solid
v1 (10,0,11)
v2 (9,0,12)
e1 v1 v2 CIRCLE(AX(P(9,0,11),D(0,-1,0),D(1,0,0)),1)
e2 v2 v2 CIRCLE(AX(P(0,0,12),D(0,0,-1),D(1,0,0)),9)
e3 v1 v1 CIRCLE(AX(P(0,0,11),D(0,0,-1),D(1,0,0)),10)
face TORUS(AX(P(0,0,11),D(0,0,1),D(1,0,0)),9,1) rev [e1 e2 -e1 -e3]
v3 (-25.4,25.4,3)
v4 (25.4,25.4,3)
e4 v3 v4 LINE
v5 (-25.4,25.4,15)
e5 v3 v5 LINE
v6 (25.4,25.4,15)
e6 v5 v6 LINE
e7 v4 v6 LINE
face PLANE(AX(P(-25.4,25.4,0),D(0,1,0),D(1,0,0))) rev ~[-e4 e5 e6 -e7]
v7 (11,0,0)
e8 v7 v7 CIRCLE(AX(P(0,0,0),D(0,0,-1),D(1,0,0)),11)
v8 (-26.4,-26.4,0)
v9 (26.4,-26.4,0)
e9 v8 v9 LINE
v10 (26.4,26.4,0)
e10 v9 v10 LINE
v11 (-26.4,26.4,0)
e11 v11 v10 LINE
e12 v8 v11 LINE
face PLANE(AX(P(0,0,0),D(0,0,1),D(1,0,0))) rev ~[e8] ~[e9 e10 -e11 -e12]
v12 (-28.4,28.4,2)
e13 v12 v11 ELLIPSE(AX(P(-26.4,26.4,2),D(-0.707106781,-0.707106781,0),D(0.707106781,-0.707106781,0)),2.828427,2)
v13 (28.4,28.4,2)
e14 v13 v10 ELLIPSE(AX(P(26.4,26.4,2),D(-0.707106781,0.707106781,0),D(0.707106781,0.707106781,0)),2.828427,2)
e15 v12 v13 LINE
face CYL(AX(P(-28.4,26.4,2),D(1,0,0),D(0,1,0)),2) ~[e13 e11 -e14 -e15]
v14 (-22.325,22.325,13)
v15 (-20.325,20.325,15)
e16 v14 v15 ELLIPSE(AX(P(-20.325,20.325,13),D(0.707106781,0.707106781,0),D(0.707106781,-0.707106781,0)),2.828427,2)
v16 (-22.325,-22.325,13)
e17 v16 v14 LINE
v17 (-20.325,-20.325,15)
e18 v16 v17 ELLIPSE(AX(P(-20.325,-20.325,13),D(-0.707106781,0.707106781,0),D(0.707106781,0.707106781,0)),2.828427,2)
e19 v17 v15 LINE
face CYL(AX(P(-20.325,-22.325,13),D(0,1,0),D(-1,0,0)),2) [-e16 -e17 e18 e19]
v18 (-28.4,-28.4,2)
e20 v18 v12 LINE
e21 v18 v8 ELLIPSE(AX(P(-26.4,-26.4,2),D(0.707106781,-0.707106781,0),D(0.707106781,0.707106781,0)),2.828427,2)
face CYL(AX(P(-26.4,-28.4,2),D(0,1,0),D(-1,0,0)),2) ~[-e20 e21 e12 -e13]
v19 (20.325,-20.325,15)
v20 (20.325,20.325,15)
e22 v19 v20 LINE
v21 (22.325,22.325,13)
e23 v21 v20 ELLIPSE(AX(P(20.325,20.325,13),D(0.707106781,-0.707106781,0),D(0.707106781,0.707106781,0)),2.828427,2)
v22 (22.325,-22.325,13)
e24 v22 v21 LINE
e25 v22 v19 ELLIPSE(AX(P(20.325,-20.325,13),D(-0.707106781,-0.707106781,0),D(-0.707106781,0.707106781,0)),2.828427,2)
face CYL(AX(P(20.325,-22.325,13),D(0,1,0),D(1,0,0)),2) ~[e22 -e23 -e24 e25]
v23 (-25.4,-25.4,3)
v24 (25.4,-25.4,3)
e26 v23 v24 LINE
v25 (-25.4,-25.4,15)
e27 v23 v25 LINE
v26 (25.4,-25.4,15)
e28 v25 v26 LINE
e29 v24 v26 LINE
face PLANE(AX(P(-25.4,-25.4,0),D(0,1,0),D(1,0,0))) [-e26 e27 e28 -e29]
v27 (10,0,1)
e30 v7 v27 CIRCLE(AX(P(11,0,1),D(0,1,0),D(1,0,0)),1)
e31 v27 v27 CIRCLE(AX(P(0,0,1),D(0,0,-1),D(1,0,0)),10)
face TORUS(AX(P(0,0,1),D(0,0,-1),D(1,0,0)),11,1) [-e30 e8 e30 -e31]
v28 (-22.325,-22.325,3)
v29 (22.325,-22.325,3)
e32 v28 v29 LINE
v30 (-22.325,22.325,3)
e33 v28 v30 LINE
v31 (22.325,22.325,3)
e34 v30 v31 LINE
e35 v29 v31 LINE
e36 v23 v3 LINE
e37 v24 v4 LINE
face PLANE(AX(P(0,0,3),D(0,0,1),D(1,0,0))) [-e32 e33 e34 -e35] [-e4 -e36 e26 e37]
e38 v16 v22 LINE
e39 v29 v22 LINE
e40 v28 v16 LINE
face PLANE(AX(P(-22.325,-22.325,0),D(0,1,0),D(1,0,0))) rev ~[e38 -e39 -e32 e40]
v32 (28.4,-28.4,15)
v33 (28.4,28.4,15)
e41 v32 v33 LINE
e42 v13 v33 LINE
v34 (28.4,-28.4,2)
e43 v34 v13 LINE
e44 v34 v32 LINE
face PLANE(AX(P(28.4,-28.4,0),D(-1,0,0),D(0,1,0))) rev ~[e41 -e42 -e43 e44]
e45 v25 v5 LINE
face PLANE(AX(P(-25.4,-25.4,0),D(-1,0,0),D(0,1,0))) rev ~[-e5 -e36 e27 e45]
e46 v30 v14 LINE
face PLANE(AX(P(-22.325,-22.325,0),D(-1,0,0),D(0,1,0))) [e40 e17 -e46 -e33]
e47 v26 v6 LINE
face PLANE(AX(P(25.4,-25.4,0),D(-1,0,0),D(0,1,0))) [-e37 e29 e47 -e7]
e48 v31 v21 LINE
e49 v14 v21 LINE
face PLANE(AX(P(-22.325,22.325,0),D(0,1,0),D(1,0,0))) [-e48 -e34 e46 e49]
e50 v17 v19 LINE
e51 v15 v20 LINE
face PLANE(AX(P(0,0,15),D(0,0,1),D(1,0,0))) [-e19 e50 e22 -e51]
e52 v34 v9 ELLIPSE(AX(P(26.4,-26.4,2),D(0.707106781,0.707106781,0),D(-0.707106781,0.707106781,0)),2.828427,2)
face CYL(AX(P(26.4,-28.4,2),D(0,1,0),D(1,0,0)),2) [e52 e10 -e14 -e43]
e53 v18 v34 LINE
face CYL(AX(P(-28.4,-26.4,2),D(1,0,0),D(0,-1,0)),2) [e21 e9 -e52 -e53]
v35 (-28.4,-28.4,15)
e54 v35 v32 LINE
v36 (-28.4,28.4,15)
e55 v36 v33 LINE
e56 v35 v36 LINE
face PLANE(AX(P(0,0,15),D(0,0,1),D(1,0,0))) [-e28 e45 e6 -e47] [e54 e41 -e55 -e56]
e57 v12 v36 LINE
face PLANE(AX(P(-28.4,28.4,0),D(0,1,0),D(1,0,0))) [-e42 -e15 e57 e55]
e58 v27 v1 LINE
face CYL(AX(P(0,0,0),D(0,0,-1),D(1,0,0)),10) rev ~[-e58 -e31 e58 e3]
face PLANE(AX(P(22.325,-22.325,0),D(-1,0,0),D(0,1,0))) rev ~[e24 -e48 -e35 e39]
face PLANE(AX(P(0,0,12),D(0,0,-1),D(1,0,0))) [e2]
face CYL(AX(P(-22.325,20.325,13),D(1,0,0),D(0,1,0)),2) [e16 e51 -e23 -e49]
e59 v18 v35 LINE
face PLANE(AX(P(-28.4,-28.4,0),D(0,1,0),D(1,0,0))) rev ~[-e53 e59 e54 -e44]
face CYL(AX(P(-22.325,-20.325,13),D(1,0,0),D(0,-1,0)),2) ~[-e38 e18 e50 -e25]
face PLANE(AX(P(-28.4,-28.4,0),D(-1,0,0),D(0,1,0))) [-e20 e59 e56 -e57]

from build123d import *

# Parameters (mm, degrees)
F0_W     = 50.8
F0_H     = 50.8
F0_W_2   = 44.65
F0_H_2   = 44.65
F1_DEPTH = 3
F0_W_3   = 56.8
F0_H_3   = 56.8
F2_DEPTH = 15
F3_R     = 2
F4_R     = 2
F5_R     = 10
F6_DEPTH = 12
F7_R     = 1


with BuildPart() as f1:
    # F0 (on Top) → F1 (new body)
    with BuildSketch(Plane.XY):
        Rectangle(F0_W, F0_H)
        Rectangle(F0_W_2, F0_H_2, mode=Mode.SUBTRACT)
    extrude(amount=F1_DEPTH)

    # F0 (on Top) → F2 (join)
    with BuildSketch(Plane.XY):
        Rectangle(F0_W_3, F0_H_3)
        Rectangle(F0_W, F0_H, mode=Mode.SUBTRACT)
        Rectangle(F0_W_2, F0_H_2)
    extrude(amount=F2_DEPTH)

    # F3
    f3_edges = [f1.edges().sort_by_distance(p)[0] for p in [
        (22.325, 0, 15),
        (0, 22.325, 15),
        (-22.325, 0, 15),
        (0, -22.325, 15),
    ]]
    fillet(f3_edges, radius=F3_R)

    # F4
    f4_edges = [f1.edges().sort_by_distance(p)[0] for p in [
        (28.4, 0, 0),
        (0, 28.4, 0),
        (-28.4, 0, 0),
        (0, -28.4, 0),
    ]]
    fillet(f4_edges, radius=F4_R)

    # F5 (on face) → F6 (cut)
    with BuildSketch(Plane(origin=(0, 0, 0), x_dir=(1, 0, 0), z_dir=(0, 0, -1))):
        Circle(F5_R)
    extrude(amount=-F6_DEPTH, mode=Mode.SUBTRACT)

    # F7
    f7_edges = [f1.edges().sort_by_distance(p)[0] for p in [
        (10, 0, 6),
        (-10, 0, 0),
        (-10, 0, 12),
    ]]
    fillet(f7_edges, radius=F7_R)


solid = f1.part
